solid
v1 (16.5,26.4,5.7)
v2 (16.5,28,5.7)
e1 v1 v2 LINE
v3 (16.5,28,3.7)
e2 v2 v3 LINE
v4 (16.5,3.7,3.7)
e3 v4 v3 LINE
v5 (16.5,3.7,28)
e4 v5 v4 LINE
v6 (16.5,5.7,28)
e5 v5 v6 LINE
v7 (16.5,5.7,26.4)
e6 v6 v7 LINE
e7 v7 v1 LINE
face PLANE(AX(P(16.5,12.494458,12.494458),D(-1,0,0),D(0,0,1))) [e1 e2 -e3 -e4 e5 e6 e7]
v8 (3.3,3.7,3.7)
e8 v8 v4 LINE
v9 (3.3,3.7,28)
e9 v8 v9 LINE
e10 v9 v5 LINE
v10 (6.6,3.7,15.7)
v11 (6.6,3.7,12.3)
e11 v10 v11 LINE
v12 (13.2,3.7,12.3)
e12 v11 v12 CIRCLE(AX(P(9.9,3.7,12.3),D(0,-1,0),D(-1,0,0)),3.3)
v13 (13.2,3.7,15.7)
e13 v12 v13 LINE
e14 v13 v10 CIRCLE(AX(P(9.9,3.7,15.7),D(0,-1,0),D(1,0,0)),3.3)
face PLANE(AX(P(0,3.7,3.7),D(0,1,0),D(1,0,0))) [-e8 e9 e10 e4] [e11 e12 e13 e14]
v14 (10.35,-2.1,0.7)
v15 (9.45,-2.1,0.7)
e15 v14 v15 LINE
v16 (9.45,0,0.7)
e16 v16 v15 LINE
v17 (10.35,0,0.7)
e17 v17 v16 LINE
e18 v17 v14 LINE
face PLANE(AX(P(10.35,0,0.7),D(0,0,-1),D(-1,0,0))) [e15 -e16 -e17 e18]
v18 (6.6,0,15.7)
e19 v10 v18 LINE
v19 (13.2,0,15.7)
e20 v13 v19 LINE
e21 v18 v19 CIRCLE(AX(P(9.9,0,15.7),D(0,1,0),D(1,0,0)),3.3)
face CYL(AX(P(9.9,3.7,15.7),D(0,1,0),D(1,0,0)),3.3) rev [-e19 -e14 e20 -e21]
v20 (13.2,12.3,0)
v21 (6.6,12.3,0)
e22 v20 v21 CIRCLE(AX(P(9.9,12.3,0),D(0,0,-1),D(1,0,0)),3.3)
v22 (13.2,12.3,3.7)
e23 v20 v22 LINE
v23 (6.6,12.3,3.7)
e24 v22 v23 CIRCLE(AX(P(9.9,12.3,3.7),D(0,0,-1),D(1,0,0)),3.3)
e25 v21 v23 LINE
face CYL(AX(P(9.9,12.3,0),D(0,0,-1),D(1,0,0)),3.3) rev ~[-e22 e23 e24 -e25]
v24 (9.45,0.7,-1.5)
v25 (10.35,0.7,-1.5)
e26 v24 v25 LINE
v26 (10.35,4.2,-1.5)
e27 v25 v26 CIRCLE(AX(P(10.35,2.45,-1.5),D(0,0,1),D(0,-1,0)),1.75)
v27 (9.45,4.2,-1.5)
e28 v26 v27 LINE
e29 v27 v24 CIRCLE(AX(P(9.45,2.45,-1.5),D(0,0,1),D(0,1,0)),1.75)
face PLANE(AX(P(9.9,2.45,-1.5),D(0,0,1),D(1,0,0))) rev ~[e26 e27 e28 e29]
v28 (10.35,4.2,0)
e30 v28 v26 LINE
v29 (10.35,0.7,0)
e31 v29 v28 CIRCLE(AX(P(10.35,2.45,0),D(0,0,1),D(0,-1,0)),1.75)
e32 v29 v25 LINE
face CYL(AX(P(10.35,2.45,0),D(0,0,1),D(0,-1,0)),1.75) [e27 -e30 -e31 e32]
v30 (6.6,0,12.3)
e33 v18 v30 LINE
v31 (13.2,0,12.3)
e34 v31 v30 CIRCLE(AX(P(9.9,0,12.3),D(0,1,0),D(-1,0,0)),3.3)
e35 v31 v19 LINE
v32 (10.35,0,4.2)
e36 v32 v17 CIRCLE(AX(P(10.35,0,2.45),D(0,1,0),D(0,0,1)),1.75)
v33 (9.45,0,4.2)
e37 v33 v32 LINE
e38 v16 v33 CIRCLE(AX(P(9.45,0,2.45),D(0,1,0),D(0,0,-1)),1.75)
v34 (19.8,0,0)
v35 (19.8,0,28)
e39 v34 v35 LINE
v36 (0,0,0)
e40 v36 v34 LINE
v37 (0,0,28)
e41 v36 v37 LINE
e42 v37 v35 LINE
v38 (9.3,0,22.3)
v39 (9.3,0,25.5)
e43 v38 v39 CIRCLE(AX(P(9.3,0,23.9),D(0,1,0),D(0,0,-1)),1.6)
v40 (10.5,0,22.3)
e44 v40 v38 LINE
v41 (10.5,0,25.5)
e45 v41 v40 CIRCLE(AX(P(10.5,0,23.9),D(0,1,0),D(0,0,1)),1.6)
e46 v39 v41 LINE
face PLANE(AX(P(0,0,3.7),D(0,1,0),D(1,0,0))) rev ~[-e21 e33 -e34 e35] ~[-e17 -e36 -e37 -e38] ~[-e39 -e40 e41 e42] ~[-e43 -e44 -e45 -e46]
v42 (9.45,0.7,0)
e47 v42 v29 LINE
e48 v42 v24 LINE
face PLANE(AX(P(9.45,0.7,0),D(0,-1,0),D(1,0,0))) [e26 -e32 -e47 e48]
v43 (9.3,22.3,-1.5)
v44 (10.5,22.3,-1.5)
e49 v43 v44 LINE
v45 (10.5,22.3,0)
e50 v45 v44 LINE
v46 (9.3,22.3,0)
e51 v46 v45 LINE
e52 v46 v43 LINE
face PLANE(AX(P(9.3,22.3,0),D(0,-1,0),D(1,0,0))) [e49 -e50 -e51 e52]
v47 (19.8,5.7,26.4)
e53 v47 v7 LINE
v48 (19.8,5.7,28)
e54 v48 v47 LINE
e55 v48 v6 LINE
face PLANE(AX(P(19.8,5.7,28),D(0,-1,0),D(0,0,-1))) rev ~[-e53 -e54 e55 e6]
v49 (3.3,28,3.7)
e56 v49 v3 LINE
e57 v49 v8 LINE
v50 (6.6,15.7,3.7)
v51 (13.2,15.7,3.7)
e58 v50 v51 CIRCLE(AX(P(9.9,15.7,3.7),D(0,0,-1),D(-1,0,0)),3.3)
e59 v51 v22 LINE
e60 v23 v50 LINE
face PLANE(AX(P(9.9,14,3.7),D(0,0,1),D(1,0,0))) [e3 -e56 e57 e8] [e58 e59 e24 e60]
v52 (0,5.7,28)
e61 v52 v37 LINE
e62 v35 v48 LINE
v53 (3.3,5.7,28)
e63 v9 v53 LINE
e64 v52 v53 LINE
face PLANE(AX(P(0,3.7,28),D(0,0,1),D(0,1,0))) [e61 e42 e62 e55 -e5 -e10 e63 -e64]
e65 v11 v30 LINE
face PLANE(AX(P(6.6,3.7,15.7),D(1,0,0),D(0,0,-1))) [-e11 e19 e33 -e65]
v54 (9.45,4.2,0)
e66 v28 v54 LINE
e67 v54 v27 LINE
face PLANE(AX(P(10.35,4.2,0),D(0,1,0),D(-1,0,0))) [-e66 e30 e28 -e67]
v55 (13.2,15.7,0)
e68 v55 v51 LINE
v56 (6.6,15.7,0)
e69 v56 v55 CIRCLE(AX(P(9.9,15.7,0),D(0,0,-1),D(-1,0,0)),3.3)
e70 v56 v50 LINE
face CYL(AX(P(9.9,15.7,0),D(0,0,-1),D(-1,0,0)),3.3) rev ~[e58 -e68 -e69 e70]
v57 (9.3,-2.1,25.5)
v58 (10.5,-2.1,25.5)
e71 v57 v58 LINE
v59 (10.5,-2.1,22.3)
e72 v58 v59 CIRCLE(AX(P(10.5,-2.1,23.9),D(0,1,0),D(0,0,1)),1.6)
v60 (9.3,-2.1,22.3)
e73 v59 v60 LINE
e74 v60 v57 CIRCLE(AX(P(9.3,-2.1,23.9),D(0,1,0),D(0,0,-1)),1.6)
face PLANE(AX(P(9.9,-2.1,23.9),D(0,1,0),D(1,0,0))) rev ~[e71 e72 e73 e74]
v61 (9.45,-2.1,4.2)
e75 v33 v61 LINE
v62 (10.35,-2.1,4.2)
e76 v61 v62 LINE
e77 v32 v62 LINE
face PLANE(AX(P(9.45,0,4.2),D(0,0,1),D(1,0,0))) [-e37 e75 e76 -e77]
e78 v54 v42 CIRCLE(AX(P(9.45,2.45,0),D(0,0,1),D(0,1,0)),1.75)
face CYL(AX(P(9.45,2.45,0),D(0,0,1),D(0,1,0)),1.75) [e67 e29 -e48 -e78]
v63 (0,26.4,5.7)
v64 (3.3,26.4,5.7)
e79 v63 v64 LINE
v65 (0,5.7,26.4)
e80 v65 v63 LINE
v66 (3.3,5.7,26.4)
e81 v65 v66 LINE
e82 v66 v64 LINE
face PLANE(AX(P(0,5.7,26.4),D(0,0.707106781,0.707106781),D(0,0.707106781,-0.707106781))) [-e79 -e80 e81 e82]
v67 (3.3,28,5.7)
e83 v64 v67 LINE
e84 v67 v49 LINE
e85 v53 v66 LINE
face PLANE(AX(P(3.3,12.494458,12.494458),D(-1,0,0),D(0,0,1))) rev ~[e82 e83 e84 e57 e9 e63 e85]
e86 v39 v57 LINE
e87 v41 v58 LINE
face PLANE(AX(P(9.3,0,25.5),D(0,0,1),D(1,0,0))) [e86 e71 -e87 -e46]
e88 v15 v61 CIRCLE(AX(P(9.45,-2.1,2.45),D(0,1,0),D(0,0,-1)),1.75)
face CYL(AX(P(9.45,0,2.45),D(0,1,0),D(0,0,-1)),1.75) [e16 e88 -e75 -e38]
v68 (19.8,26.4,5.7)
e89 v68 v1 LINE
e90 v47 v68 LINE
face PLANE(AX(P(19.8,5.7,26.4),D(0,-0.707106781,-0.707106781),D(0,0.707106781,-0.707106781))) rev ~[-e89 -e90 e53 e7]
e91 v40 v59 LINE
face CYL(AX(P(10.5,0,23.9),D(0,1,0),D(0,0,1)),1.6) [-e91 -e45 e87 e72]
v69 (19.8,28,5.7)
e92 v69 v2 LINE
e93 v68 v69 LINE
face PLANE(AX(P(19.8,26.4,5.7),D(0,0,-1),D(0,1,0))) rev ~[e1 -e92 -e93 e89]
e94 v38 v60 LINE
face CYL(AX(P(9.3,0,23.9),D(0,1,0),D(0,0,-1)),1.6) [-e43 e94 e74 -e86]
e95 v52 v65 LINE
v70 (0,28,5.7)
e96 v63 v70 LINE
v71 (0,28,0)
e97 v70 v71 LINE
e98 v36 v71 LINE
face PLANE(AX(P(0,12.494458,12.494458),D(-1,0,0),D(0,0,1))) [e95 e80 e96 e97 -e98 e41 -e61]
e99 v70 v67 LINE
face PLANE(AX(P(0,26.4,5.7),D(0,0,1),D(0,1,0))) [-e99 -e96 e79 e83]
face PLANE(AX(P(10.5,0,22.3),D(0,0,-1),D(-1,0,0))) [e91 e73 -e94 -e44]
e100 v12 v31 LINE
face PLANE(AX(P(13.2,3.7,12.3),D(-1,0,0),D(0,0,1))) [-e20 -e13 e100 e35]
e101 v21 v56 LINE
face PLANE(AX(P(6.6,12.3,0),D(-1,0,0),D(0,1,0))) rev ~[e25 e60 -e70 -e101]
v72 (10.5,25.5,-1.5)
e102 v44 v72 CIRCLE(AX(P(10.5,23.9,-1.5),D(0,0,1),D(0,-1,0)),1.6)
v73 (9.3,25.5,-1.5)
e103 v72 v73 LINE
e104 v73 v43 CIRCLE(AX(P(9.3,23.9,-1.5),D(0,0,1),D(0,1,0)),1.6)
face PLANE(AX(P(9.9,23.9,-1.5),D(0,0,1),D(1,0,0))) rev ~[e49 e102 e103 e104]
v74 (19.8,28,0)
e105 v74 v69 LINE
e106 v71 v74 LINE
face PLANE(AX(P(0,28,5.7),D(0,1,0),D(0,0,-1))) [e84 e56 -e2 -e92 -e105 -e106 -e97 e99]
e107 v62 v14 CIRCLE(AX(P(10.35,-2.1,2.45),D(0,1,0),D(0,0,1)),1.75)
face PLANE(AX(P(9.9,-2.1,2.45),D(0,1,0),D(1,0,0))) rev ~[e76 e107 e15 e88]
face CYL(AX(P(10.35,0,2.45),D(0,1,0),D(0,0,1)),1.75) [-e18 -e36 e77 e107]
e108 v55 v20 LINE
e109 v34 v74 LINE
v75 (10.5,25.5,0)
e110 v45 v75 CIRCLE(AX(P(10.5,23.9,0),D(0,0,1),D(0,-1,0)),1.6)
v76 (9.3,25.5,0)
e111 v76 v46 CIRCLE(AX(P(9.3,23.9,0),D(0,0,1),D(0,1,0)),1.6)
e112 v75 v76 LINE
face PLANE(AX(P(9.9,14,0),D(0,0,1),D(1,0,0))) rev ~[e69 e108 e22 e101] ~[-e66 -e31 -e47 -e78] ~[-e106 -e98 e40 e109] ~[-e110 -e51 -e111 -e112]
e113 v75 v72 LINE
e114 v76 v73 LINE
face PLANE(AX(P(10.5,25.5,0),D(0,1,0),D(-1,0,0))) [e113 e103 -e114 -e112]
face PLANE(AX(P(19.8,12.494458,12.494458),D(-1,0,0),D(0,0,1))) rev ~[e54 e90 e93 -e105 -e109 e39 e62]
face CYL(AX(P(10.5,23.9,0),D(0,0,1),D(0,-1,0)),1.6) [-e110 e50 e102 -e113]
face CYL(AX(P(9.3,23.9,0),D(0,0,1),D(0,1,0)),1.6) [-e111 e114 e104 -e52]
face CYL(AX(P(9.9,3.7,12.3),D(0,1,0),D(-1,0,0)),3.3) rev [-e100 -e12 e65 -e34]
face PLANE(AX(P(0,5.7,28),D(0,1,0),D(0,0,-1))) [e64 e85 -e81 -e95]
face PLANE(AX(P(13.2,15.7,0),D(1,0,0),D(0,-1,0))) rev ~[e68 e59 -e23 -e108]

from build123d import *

# Parameters (mm, degrees)
SKETCH1_W           = 19.8
SKETCH1_H           = 28
BOSS_EXTRUDE1_DEPTH = 3.7
SKETCH2_W           = 19.8
SKETCH2_H           = 3.7
BOSS_EXTRUDE2_DEPTH = 24.3
CUT_EXTRUDE1_DEPTH  = 9
BOSS_EXTRUDE3_DEPTH = 3.3
BOSS_EXTRUDE4_DEPTH = 3.3
BOSS_EXTRUDE5_DEPTH = 2.1
BOSS_EXTRUDE6_DEPTH = 1.5


with BuildPart() as part:
    # Sketch1 → Boss-Extrude1 (new body)
    with BuildSketch(Plane.XY):
        with Locations((9.9, 14)):
            Rectangle(SKETCH1_W, SKETCH1_H)
        with BuildLine():
            Line((13.2, 15.7), (13.2, 12.3))
            ThreePointArc((13.2, 12.3), (9.9, 9), (6.6, 12.3))
            Line((6.6, 12.3), (6.6, 15.7))
            ThreePointArc((6.6, 15.7), (9.9, 19), (13.2, 15.7))
        make_face(mode=Mode.SUBTRACT)
    extrude(amount=BOSS_EXTRUDE1_DEPTH)

    # Sketch2 → Boss-Extrude2 (add)
    with BuildSketch(Plane.XY.offset(3.7)):
        with Locations((9.9, 1.85)):
            Rectangle(SKETCH2_W, SKETCH2_H)
    extrude(amount=BOSS_EXTRUDE2_DEPTH)

    # Sketch3 → Cut-Extrude1 (cut)
    with BuildSketch(Plane(origin=(0, 3.7, 0), x_dir=(1, 0, 0), z_dir=(0, 1, 0))):
        with BuildLine():
            Line((13.2, -12.3), (13.2, -15.7))
            ThreePointArc((13.2, -15.7), (9.9, -19), (6.6, -15.7))
            Line((6.6, -15.7), (6.6, -12.3))
            ThreePointArc((6.6, -12.3), (9.9, -9), (13.2, -12.3))
        make_face()
    extrude(amount=-CUT_EXTRUDE1_DEPTH, mode=Mode.SUBTRACT)

    # Sketch4 → Boss-Extrude3 (add)
    with BuildSketch(Plane(origin=(19.8, 0, 0), x_dir=(0, 0, -1), z_dir=(1, 0, 0))):
        Polygon((-3.7, 26.4), (-3.7, 3.7), (-26.4, 3.7), (-28, 3.7), (-28, 5.7), (-26.4, 5.7), (-5.7, 26.4), (-5.7, 28), (-3.7, 28), align=None)
    extrude(amount=-BOSS_EXTRUDE3_DEPTH)

    # Sketch5 → Boss-Extrude4 (add)
    with BuildSketch(Plane.ZY):
        Polygon((3.7, 26), (3.7, 3.7), (26, 3.7), (28, 3.7), (28, 5.7), (26.4, 5.7), (5.7, 26.4), (5.7, 28), (3.7, 28), align=None)
    extrude(amount=-BOSS_EXTRUDE4_DEPTH)

    # Sketch6 → Boss-Extrude5 (add)
    with BuildSketch(Plane(origin=(0, 0, 0), x_dir=(-1, 0, 0), z_dir=(0, -1, 0))):
        with BuildLine():
            Line((-9.3, -25.5), (-10.5, -25.5))
            ThreePointArc((-10.5, -25.5), (-12.1, -23.9), (-10.5, -22.3))
            Line((-10.5, -22.3), (-9.3, -22.3))
            ThreePointArc((-9.3, -22.3), (-7.7, -23.9), (-9.3, -25.5))
        make_face()
        with BuildLine():
            Line((-9.45, -4.2), (-10.35, -4.2))
            ThreePointArc((-10.35, -4.2), (-12.1, -2.45), (-10.35, -0.7))
            Line((-10.35, -0.7), (-9.45, -0.7))
            ThreePointArc((-9.45, -0.7), (-7.7, -2.45), (-9.45, -4.2))
        make_face()
    extrude(amount=BOSS_EXTRUDE5_DEPTH)

    # Sketch7 → Boss-Extrude6 (add)
    with BuildSketch(Plane(origin=(0, 0, 0), x_dir=(-1, 0, 0), z_dir=(0, 0, -1))):
        with BuildLine():
            Line((-10.5, 25.5), (-9.3, 25.5))
            ThreePointArc((-9.3, 25.5), (-7.7, 23.9), (-9.3, 22.3))
            Line((-9.3, 22.3), (-10.5, 22.3))
            ThreePointArc((-10.5, 22.3), (-12.1, 23.9), (-10.5, 25.5))
        make_face()
        with BuildLine():
            Line((-10.35, 4.2), (-9.45, 4.2))
            ThreePointArc((-9.45, 4.2), (-7.7, 2.45), (-9.45, 0.7))
            Line((-9.45, 0.7), (-10.35, 0.7))
            ThreePointArc((-10.35, 0.7), (-12.1, 2.45), (-10.35, 4.2))
        make_face()
    extrude(amount=BOSS_EXTRUDE6_DEPTH)


solid = part.part
